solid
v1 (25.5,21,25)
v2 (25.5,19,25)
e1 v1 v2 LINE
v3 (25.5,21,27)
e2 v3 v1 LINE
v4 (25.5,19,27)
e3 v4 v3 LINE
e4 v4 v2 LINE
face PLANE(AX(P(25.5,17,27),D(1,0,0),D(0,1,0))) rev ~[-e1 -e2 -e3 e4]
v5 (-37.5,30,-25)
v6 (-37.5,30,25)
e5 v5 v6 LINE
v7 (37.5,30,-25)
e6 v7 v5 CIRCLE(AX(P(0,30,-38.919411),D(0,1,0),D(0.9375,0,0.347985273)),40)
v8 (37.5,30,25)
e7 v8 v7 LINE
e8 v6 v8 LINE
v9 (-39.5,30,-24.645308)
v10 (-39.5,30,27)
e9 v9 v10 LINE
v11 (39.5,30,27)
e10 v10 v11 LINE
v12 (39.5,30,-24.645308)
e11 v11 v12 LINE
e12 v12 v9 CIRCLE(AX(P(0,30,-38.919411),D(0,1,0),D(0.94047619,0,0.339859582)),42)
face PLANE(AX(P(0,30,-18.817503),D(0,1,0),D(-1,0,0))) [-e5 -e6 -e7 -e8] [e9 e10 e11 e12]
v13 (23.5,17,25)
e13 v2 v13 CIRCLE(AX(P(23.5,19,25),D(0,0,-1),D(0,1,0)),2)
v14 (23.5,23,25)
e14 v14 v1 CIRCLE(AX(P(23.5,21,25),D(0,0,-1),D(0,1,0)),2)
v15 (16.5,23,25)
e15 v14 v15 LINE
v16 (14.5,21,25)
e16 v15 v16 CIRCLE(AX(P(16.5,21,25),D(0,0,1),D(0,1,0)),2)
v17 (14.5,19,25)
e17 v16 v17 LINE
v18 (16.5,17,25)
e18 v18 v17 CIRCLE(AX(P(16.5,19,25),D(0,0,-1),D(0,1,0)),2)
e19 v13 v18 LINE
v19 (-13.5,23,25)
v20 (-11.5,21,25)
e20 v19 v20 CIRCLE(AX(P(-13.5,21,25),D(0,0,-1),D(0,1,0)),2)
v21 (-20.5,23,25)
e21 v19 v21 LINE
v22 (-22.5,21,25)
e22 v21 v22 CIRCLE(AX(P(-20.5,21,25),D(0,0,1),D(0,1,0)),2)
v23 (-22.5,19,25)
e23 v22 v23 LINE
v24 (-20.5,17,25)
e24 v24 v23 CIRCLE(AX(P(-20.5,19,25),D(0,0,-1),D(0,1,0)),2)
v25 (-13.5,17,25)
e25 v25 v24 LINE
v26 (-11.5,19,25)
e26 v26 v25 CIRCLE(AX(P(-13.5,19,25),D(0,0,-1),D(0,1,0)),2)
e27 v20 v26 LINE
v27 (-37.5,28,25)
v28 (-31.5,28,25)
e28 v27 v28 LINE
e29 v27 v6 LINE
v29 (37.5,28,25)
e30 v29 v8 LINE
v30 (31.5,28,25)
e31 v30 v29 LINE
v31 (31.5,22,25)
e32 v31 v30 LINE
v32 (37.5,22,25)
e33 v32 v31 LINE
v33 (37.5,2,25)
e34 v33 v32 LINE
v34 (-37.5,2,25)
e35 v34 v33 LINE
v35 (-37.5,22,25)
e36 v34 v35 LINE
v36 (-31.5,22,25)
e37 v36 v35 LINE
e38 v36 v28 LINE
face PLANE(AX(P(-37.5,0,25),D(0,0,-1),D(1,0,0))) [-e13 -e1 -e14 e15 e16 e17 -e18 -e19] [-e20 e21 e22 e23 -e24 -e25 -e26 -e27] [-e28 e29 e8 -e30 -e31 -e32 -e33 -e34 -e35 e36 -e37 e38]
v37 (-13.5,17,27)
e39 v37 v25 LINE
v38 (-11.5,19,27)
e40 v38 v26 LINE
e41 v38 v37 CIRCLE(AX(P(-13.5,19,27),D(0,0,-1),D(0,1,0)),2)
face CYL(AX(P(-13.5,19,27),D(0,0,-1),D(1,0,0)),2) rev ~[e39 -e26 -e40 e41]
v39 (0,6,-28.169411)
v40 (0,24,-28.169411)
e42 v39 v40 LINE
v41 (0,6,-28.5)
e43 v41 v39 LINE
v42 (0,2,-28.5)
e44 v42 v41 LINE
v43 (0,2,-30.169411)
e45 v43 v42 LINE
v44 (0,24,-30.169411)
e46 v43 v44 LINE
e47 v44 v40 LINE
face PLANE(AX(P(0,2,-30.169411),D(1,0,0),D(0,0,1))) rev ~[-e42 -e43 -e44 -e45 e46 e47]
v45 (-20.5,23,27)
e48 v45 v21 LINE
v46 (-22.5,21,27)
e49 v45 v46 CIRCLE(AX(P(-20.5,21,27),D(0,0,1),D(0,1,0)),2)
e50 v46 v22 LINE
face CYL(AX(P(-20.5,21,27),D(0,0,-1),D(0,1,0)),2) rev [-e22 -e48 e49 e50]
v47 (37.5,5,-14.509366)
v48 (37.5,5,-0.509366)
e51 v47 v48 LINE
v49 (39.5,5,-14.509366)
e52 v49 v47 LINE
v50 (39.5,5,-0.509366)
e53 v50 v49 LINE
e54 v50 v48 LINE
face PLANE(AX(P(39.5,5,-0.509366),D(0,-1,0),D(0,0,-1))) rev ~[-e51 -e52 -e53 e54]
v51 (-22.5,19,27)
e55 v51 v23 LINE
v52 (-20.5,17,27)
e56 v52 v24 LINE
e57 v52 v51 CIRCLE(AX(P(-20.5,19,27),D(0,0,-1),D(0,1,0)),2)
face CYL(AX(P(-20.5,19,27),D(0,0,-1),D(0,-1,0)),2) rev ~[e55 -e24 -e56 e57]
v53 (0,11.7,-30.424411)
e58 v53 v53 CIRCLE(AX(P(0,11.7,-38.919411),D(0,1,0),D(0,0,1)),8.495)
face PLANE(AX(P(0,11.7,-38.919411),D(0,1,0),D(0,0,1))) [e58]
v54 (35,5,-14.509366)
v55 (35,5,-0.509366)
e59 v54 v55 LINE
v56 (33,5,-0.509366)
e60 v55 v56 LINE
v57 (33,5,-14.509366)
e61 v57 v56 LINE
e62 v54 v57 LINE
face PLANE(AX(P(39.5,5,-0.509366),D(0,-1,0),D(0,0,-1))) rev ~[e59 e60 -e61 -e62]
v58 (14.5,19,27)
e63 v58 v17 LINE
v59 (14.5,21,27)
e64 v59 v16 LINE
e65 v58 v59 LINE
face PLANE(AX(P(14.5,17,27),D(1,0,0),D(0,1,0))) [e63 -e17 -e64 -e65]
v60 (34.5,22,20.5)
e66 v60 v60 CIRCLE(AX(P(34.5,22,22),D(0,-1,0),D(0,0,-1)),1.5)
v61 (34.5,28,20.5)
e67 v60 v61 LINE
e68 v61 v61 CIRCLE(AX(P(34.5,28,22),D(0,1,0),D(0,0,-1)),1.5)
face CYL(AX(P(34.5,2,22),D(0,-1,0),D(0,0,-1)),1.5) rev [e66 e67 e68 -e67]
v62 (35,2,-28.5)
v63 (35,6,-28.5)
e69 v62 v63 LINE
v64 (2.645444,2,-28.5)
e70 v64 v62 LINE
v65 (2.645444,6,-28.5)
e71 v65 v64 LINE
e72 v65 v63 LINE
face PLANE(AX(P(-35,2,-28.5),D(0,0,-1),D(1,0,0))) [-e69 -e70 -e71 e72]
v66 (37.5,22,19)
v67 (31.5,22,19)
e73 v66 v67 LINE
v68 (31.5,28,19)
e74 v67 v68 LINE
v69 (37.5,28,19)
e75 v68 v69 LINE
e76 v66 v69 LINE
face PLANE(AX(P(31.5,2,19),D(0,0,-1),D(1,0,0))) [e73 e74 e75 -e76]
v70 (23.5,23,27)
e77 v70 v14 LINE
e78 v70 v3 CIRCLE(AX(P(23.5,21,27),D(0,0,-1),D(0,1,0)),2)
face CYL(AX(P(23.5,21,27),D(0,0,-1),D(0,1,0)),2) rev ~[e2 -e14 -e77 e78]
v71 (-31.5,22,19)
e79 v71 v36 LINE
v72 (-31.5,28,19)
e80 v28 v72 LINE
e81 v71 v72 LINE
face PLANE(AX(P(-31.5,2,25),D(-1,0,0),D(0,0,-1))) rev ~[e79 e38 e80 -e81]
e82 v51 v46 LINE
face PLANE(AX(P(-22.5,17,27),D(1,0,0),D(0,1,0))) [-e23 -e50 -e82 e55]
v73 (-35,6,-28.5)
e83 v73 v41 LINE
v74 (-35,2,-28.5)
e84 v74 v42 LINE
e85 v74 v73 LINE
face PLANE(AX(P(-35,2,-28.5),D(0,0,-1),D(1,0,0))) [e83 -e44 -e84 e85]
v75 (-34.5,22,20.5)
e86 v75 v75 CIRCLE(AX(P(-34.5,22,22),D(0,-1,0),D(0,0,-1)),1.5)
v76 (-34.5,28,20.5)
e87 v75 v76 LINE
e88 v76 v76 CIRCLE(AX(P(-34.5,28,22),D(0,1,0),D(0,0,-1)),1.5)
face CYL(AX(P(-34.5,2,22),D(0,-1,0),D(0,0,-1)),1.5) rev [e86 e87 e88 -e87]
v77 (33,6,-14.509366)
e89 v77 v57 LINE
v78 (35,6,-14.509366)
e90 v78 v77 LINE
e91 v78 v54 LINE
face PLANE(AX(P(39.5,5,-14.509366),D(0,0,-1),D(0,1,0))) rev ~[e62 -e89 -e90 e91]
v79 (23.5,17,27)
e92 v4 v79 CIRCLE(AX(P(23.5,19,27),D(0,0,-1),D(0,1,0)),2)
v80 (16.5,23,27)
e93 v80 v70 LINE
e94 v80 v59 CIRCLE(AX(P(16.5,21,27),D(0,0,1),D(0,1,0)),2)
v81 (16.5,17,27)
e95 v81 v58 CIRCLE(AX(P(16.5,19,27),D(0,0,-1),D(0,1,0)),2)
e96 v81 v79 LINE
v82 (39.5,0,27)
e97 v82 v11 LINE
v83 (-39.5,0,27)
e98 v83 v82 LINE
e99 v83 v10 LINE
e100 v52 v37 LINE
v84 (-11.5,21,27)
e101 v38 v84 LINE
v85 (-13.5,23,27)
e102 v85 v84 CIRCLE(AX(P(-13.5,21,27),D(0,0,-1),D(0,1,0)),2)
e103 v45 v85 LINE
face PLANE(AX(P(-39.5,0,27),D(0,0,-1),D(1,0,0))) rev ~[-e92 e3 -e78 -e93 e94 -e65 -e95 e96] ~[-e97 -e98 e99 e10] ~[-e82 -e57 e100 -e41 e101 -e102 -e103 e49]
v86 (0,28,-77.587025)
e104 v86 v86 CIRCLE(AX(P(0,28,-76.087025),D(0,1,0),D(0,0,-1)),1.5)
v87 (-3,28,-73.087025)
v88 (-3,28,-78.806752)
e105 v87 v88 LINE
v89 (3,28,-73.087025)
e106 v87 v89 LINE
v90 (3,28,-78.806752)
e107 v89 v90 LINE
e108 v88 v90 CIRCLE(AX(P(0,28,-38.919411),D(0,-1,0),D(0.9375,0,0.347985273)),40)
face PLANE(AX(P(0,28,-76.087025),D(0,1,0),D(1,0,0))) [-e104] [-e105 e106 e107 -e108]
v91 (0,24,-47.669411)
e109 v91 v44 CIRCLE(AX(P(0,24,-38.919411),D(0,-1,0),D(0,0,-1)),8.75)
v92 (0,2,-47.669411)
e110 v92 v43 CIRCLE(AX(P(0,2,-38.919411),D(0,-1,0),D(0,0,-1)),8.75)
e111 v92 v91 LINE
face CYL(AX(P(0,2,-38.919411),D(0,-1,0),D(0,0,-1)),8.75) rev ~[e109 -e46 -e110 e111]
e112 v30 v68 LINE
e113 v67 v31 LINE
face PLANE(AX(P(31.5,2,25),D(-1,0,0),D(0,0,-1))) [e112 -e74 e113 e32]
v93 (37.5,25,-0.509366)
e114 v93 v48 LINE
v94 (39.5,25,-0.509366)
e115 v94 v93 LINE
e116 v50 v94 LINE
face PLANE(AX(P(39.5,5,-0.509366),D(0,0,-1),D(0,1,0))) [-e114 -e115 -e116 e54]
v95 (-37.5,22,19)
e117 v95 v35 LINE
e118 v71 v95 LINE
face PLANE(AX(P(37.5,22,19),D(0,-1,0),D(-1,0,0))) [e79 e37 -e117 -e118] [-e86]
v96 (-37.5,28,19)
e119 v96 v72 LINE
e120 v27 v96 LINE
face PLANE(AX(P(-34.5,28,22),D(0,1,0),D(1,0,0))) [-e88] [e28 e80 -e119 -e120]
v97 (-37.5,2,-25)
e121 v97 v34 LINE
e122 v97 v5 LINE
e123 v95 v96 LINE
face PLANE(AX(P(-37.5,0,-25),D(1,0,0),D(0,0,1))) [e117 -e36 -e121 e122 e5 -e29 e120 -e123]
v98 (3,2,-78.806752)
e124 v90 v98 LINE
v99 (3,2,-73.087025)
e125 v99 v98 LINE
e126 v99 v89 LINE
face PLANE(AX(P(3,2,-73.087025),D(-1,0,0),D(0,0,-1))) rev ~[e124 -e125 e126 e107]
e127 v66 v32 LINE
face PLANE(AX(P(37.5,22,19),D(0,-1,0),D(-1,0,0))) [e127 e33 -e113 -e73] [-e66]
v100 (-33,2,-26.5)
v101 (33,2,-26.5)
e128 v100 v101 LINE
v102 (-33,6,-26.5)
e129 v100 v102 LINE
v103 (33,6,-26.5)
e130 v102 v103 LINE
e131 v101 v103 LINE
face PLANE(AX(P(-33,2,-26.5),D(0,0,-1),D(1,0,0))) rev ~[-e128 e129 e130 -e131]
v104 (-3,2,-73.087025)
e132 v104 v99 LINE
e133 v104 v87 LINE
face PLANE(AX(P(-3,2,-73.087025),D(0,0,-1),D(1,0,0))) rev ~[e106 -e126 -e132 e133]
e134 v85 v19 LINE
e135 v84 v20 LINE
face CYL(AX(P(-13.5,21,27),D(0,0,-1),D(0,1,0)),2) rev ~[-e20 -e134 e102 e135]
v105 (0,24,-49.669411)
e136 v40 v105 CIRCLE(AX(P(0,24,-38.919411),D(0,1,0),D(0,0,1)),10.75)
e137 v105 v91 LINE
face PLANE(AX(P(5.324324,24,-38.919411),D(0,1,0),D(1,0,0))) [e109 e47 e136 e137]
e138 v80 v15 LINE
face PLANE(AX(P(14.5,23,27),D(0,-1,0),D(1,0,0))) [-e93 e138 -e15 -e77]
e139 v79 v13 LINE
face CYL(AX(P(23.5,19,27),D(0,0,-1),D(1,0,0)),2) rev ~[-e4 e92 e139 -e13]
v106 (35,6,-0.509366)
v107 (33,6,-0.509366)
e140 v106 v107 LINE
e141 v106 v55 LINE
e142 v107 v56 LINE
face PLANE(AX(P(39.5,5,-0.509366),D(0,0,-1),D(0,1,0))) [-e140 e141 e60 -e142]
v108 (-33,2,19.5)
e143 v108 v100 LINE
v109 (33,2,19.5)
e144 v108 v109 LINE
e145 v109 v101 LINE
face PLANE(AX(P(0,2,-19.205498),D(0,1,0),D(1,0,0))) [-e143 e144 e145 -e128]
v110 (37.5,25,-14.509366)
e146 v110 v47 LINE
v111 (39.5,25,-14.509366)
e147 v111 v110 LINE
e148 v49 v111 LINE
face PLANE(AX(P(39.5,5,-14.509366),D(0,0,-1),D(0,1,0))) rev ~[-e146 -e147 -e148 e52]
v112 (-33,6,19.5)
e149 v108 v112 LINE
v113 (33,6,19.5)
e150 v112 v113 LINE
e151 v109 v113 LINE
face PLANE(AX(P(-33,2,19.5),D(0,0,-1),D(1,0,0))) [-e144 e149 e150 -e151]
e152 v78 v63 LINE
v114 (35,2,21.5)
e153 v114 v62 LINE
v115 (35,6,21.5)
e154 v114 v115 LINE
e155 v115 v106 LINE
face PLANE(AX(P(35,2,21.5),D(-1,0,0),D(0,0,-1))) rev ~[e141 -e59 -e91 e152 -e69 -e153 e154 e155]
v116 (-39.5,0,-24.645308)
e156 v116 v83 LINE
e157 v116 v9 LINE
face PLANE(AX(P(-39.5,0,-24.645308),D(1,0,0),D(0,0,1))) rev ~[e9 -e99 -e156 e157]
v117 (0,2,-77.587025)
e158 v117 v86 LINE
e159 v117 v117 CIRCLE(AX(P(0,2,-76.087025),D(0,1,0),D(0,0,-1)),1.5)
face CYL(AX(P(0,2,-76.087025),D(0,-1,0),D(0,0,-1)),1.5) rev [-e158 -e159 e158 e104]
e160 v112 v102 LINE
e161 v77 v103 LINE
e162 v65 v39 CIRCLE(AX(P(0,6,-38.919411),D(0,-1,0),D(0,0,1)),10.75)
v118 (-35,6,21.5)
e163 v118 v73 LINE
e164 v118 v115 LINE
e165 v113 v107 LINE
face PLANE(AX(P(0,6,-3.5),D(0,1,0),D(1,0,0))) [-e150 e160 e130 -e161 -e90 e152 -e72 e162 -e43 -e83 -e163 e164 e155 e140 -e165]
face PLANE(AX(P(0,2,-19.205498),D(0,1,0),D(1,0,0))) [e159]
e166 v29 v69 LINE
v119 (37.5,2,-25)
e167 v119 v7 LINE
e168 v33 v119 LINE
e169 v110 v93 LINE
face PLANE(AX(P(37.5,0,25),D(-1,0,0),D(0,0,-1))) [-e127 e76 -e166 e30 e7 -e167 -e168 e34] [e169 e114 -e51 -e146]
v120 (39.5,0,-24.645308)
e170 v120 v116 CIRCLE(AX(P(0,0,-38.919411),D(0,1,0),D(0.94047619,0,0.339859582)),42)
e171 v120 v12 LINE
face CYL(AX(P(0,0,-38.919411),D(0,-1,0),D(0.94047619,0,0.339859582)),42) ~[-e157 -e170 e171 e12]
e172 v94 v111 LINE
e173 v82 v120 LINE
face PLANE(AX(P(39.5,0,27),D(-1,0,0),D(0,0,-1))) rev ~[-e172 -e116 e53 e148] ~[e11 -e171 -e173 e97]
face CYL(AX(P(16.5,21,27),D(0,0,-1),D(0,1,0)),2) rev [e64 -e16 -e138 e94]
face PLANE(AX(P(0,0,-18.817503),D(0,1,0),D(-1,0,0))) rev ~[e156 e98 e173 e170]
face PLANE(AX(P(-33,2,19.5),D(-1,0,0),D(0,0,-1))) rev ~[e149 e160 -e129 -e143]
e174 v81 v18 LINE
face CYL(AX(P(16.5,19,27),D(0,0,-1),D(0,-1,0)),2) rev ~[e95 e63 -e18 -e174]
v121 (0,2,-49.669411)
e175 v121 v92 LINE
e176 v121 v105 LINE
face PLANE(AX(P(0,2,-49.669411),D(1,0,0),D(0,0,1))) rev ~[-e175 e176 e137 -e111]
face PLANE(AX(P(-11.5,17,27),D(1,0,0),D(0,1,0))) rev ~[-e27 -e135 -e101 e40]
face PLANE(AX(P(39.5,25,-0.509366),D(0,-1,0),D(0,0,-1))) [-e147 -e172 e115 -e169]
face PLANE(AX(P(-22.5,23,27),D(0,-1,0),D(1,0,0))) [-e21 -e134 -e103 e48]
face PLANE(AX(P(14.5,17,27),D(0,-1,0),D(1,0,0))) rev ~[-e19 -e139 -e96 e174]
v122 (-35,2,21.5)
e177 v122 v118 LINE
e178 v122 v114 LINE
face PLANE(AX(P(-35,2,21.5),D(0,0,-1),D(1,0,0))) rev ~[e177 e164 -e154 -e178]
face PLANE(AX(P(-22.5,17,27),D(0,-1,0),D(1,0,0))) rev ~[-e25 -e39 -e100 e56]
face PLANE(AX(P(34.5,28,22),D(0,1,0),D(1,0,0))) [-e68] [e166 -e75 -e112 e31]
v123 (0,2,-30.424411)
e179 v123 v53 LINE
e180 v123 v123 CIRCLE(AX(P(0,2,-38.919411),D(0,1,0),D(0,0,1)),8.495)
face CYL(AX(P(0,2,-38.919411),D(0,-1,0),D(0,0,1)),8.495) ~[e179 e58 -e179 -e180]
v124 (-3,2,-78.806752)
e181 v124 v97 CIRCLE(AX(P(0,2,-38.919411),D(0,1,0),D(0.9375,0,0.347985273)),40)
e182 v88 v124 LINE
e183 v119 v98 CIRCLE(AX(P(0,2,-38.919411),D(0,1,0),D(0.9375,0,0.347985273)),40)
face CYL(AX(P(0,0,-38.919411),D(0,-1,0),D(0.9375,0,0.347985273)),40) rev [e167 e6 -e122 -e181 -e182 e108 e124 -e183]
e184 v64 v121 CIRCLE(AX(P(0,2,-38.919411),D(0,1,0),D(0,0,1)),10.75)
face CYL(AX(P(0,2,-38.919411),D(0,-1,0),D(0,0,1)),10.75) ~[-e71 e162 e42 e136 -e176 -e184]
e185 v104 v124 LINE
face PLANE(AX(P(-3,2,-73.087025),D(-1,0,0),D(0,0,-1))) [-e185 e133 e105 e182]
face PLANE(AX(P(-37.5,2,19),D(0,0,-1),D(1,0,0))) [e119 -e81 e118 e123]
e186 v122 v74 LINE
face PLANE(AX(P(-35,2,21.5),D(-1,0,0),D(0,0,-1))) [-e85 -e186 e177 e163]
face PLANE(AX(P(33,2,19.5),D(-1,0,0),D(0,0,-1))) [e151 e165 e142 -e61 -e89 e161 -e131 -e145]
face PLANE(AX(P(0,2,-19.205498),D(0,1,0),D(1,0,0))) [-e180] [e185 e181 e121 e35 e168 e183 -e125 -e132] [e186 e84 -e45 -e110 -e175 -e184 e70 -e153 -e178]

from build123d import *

# Parameters (mm, degrees)
BOSS_EXTRUDE1_DEPTH = 2
BOSS_EXTRUDE2_DEPTH = 30
BOSS_EXTRUDE3_DEPTH = 22
SKETCH4_R           = 8.495
BOSS_EXTRUDE4_DEPTH = 9.7
SKETCH5_W           = 6
SKETCH5_H           = 6
SKETCH5_R           = 1.5
BOSS_EXTRUDE5_DEPTH = 26
SKETCH6_W           = 75
SKETCH6_H           = 20
CUT_EXTRUDE1_DEPTH  = 6
SKETCH8_W           = 70
SKETCH8_H           = 50
SKETCH8_W_2         = 66
SKETCH8_H_2         = 46
BOSS_EXTRUDE6_DEPTH = 4
SKETCH9_W           = 11
SKETCH9_H           = 6
CUT_EXTRUDE3_DEPTH  = 4
FILLET1_R           = 2
SKETCH10_W          = 14
SKETCH10_H          = 20
CUT_EXTRUDE4_DEPTH  = 10


with BuildPart() as part:
    # Sketch1 → Boss-Extrude1 (new body)
    with BuildSketch(Plane(origin=(0, 0, 0), x_dir=(1, 0, 0), z_dir=(0, 1, 0))):
        with BuildLine():
            Line((-37.5, 25), (-37.5, -25))
            Line((-37.5, -25), (37.5, -25))
            Line((37.5, -25), (37.5, 25))
            ThreePointArc((37.5, 25), (0, 78.919410907), (-37.5, 25))
        make_face()
    extrude(amount=BOSS_EXTRUDE1_DEPTH)

    # Sketch2 → Boss-Extrude2 (add)
    with BuildSketch(Plane.XZ):
        with BuildLine():
            Line((-39.5, -24.645308483), (-39.5, 27))
            Line((-39.5, 27), (39.5, 27))
            Line((39.5, 27), (39.5, -24.645308483))
            ThreePointArc((39.5, -24.645308483), (0, -80.919410907), (-39.5, -24.645308483))
        make_face()
        with BuildLine():
            Line((-37.5, -25), (-37.5, 25))
            Line((-37.5, 25), (37.5, 25))
            Line((37.5, 25), (37.5, -25))
            ThreePointArc((37.5, -25), (0, -78.919410907), (-37.5, -25))
        make_face(mode=Mode.SUBTRACT)
    extrude(amount=-BOSS_EXTRUDE2_DEPTH)

    # Sketch3 → Boss-Extrude3 (add)
    with BuildSketch(Plane(origin=(0, 2, 0), x_dir=(1, 0, 0), z_dir=(0, 1, 0))):
        with BuildLine():
            Line((0, 49.669410907), (0, 47.669410907))
            ThreePointArc((0, 47.669410907), (8.75, 38.919410907), (0, 30.169410907))
            Line((0, 30.169410907), (0, 28.169410907))
            ThreePointArc((0, 28.169410907), (10.75, 38.919410907), (0, 49.669410907))
        make_face()
    extrude(amount=BOSS_EXTRUDE3_DEPTH)

    # Sketch4 → Boss-Extrude4 (add)
    with BuildSketch(Plane(origin=(0, 2, 0), x_dir=(1, 0, 0), z_dir=(0, 1, 0))):
        with Locations(Location((0, 38.919410907, 0), (0, 0, 270))):
            Circle(SKETCH4_R)
    extrude(amount=BOSS_EXTRUDE4_DEPTH)

    # Sketch5 → Boss-Extrude5 (add)
    # profile 1 of 3: a face of its own
    with BuildSketch(Plane(origin=(0, 2, 0), x_dir=(1, 0, 0), z_dir=(0, 1, 0))):
        with Locations((-34.5, -22)):
            Rectangle(SKETCH5_W, SKETCH5_H)
        with Locations(Location((-34.5, -22, 0), (0, 0, 90))):
            Circle(SKETCH5_R, mode=Mode.SUBTRACT)
    # profile 2 of 3: a face of its own
    with BuildSketch(Plane(origin=(0, 2, 0), x_dir=(1, 0, 0), z_dir=(0, 1, 0))):
        with Locations((34.5, -22)):
            Rectangle(SKETCH5_W, SKETCH5_H)
        with Locations(Location((34.5, -22, 0), (0, 0, 90))):
            Circle(SKETCH5_R, mode=Mode.SUBTRACT)
    # profile 3 of 3: a face of its own
    with BuildSketch(Plane(origin=(0, 2, 0), x_dir=(1, 0, 0), z_dir=(0, 1, 0))):
        with Locations((0, 76.087024619)):
            Rectangle(SKETCH5_W, SKETCH5_H)
        with Locations(Location((0, 76.087024619, 0), (0, 0, 90))):
            Circle(SKETCH5_R, mode=Mode.SUBTRACT)
    extrude(amount=BOSS_EXTRUDE5_DEPTH)

    # Sketch6 → Cut-Extrude1 (cut)
    with BuildSketch(Plane(origin=(0, 0, 19), x_dir=(-1, 0, 0), z_dir=(0, 0, -1))):
        with Locations((0, 12)):
            Rectangle(SKETCH6_W, SKETCH6_H)
    extrude(amount=-CUT_EXTRUDE1_DEPTH, mode=Mode.SUBTRACT)

    # Sketch8 → Boss-Extrude6 (add)
    with BuildSketch(Plane(origin=(0, 2, 0), x_dir=(1, 0, 0), z_dir=(0, 1, 0))):
        with Locations((0, 3.5)):
            Rectangle(SKETCH8_W, SKETCH8_H)
        with Locations((0, 3.5)):
            Rectangle(SKETCH8_W_2, SKETCH8_H_2, mode=Mode.SUBTRACT)
    extrude(amount=BOSS_EXTRUDE6_DEPTH)

    # Sketch9 → Cut-Extrude3 (cut)
    with BuildSketch(Plane.XY.offset(27)):
        with Locations((-17, 20)):
            Rectangle(SKETCH9_W, SKETCH9_H)
        with Locations((20, 20)):
            Rectangle(SKETCH9_W, SKETCH9_H)
    extrude(amount=-CUT_EXTRUDE3_DEPTH, mode=Mode.SUBTRACT)

    # Fillet1
    fillet1_edges = [part.edges().sort_by_distance(p)[0] for p in [
        (-22.5, 17, 26),
        (-22.5, 23, 26),
        (-11.5, 23, 26),
        (-11.5, 17, 26),
        (14.5, 17, 26),
        (14.5, 23, 26),
        (25.5, 23, 26),
        (25.5, 17, 26),
    ]]
    fillet(fillet1_edges, radius=FILLET1_R)

    # Sketch10 → Cut-Extrude4 (cut)
    with BuildSketch(Plane(origin=(39.5, 0, 0), x_dir=(0, 0, -1), z_dir=(1, 0, 0))):
        with Locations((7.50936627, 15)):
            Rectangle(SKETCH10_W, SKETCH10_H)
    extrude(amount=-CUT_EXTRUDE4_DEPTH, mode=Mode.SUBTRACT)


solid = part.part
